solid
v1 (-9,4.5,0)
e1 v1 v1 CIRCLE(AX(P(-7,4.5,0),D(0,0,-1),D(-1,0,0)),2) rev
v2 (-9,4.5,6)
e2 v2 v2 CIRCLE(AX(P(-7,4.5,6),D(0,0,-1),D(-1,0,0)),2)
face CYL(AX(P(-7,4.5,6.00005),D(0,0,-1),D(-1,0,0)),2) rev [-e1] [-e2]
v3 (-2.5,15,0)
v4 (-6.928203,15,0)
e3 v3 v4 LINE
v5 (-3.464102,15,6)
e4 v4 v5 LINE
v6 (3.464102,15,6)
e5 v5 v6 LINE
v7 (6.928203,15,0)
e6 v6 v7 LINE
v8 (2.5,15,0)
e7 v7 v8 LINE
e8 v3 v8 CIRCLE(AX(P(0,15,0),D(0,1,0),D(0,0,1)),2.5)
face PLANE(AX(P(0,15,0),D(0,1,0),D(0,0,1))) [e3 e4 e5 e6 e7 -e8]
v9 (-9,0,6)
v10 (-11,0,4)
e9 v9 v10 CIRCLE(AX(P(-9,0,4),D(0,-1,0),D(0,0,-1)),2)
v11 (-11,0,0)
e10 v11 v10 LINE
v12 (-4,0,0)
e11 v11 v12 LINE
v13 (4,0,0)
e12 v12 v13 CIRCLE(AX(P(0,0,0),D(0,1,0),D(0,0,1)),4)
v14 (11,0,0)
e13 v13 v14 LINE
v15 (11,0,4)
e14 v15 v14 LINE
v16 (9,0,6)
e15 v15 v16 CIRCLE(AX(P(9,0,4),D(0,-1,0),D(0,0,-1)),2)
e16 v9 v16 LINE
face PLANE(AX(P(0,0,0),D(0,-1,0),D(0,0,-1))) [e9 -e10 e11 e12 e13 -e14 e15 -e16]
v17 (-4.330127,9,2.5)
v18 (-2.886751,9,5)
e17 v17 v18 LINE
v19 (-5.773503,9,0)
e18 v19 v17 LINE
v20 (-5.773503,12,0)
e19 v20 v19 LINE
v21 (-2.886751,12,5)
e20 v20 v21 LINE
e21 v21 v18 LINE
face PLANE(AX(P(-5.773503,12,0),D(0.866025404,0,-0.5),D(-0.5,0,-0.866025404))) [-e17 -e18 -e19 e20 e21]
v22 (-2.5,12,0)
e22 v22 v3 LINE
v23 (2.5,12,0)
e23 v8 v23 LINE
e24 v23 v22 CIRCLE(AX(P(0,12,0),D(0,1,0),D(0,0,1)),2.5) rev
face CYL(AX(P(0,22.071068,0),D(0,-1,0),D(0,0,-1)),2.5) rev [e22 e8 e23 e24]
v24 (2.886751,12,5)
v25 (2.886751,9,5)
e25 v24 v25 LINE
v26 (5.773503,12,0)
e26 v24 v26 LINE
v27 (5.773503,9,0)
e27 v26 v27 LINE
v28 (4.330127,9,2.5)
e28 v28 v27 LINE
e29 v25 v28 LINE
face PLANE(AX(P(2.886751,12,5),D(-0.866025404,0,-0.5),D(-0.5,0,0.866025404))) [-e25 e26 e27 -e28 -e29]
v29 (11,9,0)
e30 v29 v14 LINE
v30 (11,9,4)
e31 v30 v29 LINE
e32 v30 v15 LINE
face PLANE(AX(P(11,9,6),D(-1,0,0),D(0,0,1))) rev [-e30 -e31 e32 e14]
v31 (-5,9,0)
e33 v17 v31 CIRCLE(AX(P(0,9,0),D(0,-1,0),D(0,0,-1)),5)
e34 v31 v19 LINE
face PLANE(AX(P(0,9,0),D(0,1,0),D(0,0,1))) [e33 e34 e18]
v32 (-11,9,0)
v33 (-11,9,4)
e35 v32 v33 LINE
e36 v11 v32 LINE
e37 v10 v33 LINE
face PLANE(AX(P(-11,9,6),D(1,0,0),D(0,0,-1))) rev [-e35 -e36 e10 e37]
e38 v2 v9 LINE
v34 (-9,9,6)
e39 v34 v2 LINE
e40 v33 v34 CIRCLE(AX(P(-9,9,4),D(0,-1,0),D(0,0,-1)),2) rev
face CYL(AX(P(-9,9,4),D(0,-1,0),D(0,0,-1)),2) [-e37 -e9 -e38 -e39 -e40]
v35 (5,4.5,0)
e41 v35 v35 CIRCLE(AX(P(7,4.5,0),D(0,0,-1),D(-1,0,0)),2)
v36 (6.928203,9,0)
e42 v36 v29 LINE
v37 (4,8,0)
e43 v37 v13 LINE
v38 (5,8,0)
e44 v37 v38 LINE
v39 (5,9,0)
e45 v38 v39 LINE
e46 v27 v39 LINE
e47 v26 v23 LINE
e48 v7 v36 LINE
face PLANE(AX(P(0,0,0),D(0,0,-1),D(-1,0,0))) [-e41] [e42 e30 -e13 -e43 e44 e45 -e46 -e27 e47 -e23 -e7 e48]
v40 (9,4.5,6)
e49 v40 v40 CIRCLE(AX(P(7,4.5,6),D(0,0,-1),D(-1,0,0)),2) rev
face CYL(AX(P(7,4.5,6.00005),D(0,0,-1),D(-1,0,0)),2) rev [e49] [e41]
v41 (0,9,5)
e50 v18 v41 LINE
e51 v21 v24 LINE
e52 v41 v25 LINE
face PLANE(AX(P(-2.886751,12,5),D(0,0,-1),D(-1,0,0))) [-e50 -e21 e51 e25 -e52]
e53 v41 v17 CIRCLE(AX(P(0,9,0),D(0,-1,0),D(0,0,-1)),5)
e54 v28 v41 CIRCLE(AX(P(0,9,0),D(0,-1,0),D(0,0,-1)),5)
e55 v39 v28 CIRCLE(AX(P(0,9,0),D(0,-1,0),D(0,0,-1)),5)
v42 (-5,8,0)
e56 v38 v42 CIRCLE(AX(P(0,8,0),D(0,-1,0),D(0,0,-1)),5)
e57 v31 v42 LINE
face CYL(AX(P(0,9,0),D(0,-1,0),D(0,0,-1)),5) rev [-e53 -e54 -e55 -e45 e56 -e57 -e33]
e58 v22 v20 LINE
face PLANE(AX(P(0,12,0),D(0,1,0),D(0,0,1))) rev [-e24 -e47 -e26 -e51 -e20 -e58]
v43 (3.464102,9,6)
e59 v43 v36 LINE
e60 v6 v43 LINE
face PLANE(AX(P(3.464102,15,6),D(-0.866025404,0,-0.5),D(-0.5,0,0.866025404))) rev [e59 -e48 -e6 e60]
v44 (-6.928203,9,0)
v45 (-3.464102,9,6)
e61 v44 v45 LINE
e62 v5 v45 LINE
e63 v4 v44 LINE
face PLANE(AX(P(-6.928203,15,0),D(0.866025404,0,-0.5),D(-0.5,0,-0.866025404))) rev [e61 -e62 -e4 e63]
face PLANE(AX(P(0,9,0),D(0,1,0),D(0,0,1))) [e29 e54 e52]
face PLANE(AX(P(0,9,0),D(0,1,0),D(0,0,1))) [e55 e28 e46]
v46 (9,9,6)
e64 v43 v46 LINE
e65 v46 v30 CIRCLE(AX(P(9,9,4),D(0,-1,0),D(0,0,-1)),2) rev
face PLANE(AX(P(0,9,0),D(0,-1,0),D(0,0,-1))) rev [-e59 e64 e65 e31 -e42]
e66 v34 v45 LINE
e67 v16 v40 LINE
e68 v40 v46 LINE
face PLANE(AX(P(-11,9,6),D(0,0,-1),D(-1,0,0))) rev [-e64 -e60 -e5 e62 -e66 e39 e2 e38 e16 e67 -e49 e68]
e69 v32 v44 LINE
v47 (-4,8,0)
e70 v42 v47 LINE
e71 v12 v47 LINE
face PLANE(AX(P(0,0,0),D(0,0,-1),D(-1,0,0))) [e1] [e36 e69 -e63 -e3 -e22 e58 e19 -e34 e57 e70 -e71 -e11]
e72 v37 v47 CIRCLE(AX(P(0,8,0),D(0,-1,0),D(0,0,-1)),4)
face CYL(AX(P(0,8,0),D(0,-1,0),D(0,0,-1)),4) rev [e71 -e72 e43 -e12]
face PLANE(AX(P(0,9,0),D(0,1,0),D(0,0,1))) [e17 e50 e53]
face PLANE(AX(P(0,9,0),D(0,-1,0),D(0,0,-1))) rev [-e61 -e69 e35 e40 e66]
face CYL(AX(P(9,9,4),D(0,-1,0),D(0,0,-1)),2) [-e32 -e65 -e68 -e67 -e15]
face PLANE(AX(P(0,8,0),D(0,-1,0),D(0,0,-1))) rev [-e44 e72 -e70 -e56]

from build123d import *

# Parameters (mm, degrees)
SKETCH_1_W           = 22
SKETCH_1_H           = 12
EXTRUDE_1_DEPTH      = 9
FILLET_1_R           = 2
SKETCH_2_R           = 4
CUT_EXTRUDE_1_DEPTH  = 8
SKETCH_3_R           = 5
CUT_EXTRUDE_2_DEPTH  = 1
EXTRUDE_2_DEPTH      = 6
CUT_EXTRUDE_5_DEPTH  = 3
SKETCH_8_R           = 2.5
CUT_EXTRUDE_6_DEPTH  = 6
SKETCH_11_R          = 2
CUT_EXTRUDE_9_DEPTH  = 23.135943621
SKETCH_12_W          = 27.17111841
SKETCH_12_H          = 33.234136994
CUT_EXTRUDE_10_DEPTH = 10


with BuildPart() as part:
    # Эскиз1 → Бобышка-Вытянуть1 (new body)
    with BuildSketch(Plane(origin=(0, 0, 0), x_dir=(1, 0, 0), z_dir=(0, 1, 0))):
        Rectangle(SKETCH_1_W, SKETCH_1_H)
    extrude(amount=EXTRUDE_1_DEPTH)

    # Скругление1
    fillet_1_edges = [part.edges().sort_by_distance(p)[0] for p in [
        (11, 4.5, 6),
        (-11, 4.5, 6),
        (-11, 4.5, -6),
        (11, 4.5, -6),
    ]]
    fillet(fillet_1_edges, radius=FILLET_1_R)

    # Эскиз2 → Вырез-Вытянуть1 (cut)
    with BuildSketch(Plane(origin=(0, 0, 0), x_dir=(1, 0, 0), z_dir=(0, 1, 0))):
        with Locations(Location((0, 0, 0), (0, 0, 270))):
            Circle(SKETCH_2_R)
    extrude(amount=CUT_EXTRUDE_1_DEPTH, mode=Mode.SUBTRACT)

    # Эскиз3 → Вырез-Вытянуть2 (cut)
    with BuildSketch(Plane.XZ.offset(-8)):
        with Locations(Location((0, 0, 0), (0, 0, 270))):
            Circle(SKETCH_3_R)
    extrude(amount=-CUT_EXTRUDE_2_DEPTH, mode=Mode.SUBTRACT)

    # Эскиз6 → Бобышка-Вытянуть2 (add)
    with BuildSketch(Plane(origin=(0, 9, 0), x_dir=(1, 0, 0), z_dir=(0, 1, 0))):
        Polygon((6.92820323, 0), (3.464101615, 6), (-3.464101615, 6), (-6.92820323, 0), (-3.464101615, -6), (3.464101615, -6), align=None)
    extrude(amount=EXTRUDE_2_DEPTH)

    # Эскиз7 → Вырез-Вытянуть5 (cut)
    with BuildSketch(Plane(origin=(0, 9, 0), x_dir=(1, 0, 0), z_dir=(0, 1, 0))):
        Polygon((5.773502692, 0), (2.886751346, 5), (-2.886751346, 5), (-5.773502692, 0), (-2.886751346, -5), (2.886751346, -5), align=None)
    extrude(amount=CUT_EXTRUDE_5_DEPTH, mode=Mode.SUBTRACT)

    # Эскиз8 → Вырез-Вытянуть6 (cut)
    with BuildSketch(Plane(origin=(0, 9, 0), x_dir=(1, 0, 0), z_dir=(0, 1, 0))):
        with Locations(Location((0, 0, 0), (0, 0, 90))):
            Circle(SKETCH_8_R)
    extrude(amount=CUT_EXTRUDE_6_DEPTH, mode=Mode.SUBTRACT)

    # Эскиз11 → Вырез-Вытянуть9 (cut, through all)
    with BuildSketch(Plane(origin=(0, 0, -6), x_dir=(-1, 0, 0), z_dir=(0, 0, -1))):
        with Locations((7, 4.5)):
            Circle(SKETCH_11_R)
    cut_extrude_9 = extrude(amount=-CUT_EXTRUDE_9_DEPTH, mode=Mode.SUBTRACT)

    # Зеркальное отражение6: Вырез-Вытянуть9 across plane
    add(cut_extrude_9.mirror(Plane(origin=(0, 0, 0), x_dir=(0, 0, 1), z_dir=(1, 0, 0))), mode=Mode.SUBTRACT)

    # Эскиз12 → Вырез-Вытянуть10 (cut)
    with BuildSketch(Plane.XY):
        Rectangle(SKETCH_12_W, SKETCH_12_H)
    extrude(amount=-CUT_EXTRUDE_10_DEPTH, mode=Mode.SUBTRACT)


solid = part.part
